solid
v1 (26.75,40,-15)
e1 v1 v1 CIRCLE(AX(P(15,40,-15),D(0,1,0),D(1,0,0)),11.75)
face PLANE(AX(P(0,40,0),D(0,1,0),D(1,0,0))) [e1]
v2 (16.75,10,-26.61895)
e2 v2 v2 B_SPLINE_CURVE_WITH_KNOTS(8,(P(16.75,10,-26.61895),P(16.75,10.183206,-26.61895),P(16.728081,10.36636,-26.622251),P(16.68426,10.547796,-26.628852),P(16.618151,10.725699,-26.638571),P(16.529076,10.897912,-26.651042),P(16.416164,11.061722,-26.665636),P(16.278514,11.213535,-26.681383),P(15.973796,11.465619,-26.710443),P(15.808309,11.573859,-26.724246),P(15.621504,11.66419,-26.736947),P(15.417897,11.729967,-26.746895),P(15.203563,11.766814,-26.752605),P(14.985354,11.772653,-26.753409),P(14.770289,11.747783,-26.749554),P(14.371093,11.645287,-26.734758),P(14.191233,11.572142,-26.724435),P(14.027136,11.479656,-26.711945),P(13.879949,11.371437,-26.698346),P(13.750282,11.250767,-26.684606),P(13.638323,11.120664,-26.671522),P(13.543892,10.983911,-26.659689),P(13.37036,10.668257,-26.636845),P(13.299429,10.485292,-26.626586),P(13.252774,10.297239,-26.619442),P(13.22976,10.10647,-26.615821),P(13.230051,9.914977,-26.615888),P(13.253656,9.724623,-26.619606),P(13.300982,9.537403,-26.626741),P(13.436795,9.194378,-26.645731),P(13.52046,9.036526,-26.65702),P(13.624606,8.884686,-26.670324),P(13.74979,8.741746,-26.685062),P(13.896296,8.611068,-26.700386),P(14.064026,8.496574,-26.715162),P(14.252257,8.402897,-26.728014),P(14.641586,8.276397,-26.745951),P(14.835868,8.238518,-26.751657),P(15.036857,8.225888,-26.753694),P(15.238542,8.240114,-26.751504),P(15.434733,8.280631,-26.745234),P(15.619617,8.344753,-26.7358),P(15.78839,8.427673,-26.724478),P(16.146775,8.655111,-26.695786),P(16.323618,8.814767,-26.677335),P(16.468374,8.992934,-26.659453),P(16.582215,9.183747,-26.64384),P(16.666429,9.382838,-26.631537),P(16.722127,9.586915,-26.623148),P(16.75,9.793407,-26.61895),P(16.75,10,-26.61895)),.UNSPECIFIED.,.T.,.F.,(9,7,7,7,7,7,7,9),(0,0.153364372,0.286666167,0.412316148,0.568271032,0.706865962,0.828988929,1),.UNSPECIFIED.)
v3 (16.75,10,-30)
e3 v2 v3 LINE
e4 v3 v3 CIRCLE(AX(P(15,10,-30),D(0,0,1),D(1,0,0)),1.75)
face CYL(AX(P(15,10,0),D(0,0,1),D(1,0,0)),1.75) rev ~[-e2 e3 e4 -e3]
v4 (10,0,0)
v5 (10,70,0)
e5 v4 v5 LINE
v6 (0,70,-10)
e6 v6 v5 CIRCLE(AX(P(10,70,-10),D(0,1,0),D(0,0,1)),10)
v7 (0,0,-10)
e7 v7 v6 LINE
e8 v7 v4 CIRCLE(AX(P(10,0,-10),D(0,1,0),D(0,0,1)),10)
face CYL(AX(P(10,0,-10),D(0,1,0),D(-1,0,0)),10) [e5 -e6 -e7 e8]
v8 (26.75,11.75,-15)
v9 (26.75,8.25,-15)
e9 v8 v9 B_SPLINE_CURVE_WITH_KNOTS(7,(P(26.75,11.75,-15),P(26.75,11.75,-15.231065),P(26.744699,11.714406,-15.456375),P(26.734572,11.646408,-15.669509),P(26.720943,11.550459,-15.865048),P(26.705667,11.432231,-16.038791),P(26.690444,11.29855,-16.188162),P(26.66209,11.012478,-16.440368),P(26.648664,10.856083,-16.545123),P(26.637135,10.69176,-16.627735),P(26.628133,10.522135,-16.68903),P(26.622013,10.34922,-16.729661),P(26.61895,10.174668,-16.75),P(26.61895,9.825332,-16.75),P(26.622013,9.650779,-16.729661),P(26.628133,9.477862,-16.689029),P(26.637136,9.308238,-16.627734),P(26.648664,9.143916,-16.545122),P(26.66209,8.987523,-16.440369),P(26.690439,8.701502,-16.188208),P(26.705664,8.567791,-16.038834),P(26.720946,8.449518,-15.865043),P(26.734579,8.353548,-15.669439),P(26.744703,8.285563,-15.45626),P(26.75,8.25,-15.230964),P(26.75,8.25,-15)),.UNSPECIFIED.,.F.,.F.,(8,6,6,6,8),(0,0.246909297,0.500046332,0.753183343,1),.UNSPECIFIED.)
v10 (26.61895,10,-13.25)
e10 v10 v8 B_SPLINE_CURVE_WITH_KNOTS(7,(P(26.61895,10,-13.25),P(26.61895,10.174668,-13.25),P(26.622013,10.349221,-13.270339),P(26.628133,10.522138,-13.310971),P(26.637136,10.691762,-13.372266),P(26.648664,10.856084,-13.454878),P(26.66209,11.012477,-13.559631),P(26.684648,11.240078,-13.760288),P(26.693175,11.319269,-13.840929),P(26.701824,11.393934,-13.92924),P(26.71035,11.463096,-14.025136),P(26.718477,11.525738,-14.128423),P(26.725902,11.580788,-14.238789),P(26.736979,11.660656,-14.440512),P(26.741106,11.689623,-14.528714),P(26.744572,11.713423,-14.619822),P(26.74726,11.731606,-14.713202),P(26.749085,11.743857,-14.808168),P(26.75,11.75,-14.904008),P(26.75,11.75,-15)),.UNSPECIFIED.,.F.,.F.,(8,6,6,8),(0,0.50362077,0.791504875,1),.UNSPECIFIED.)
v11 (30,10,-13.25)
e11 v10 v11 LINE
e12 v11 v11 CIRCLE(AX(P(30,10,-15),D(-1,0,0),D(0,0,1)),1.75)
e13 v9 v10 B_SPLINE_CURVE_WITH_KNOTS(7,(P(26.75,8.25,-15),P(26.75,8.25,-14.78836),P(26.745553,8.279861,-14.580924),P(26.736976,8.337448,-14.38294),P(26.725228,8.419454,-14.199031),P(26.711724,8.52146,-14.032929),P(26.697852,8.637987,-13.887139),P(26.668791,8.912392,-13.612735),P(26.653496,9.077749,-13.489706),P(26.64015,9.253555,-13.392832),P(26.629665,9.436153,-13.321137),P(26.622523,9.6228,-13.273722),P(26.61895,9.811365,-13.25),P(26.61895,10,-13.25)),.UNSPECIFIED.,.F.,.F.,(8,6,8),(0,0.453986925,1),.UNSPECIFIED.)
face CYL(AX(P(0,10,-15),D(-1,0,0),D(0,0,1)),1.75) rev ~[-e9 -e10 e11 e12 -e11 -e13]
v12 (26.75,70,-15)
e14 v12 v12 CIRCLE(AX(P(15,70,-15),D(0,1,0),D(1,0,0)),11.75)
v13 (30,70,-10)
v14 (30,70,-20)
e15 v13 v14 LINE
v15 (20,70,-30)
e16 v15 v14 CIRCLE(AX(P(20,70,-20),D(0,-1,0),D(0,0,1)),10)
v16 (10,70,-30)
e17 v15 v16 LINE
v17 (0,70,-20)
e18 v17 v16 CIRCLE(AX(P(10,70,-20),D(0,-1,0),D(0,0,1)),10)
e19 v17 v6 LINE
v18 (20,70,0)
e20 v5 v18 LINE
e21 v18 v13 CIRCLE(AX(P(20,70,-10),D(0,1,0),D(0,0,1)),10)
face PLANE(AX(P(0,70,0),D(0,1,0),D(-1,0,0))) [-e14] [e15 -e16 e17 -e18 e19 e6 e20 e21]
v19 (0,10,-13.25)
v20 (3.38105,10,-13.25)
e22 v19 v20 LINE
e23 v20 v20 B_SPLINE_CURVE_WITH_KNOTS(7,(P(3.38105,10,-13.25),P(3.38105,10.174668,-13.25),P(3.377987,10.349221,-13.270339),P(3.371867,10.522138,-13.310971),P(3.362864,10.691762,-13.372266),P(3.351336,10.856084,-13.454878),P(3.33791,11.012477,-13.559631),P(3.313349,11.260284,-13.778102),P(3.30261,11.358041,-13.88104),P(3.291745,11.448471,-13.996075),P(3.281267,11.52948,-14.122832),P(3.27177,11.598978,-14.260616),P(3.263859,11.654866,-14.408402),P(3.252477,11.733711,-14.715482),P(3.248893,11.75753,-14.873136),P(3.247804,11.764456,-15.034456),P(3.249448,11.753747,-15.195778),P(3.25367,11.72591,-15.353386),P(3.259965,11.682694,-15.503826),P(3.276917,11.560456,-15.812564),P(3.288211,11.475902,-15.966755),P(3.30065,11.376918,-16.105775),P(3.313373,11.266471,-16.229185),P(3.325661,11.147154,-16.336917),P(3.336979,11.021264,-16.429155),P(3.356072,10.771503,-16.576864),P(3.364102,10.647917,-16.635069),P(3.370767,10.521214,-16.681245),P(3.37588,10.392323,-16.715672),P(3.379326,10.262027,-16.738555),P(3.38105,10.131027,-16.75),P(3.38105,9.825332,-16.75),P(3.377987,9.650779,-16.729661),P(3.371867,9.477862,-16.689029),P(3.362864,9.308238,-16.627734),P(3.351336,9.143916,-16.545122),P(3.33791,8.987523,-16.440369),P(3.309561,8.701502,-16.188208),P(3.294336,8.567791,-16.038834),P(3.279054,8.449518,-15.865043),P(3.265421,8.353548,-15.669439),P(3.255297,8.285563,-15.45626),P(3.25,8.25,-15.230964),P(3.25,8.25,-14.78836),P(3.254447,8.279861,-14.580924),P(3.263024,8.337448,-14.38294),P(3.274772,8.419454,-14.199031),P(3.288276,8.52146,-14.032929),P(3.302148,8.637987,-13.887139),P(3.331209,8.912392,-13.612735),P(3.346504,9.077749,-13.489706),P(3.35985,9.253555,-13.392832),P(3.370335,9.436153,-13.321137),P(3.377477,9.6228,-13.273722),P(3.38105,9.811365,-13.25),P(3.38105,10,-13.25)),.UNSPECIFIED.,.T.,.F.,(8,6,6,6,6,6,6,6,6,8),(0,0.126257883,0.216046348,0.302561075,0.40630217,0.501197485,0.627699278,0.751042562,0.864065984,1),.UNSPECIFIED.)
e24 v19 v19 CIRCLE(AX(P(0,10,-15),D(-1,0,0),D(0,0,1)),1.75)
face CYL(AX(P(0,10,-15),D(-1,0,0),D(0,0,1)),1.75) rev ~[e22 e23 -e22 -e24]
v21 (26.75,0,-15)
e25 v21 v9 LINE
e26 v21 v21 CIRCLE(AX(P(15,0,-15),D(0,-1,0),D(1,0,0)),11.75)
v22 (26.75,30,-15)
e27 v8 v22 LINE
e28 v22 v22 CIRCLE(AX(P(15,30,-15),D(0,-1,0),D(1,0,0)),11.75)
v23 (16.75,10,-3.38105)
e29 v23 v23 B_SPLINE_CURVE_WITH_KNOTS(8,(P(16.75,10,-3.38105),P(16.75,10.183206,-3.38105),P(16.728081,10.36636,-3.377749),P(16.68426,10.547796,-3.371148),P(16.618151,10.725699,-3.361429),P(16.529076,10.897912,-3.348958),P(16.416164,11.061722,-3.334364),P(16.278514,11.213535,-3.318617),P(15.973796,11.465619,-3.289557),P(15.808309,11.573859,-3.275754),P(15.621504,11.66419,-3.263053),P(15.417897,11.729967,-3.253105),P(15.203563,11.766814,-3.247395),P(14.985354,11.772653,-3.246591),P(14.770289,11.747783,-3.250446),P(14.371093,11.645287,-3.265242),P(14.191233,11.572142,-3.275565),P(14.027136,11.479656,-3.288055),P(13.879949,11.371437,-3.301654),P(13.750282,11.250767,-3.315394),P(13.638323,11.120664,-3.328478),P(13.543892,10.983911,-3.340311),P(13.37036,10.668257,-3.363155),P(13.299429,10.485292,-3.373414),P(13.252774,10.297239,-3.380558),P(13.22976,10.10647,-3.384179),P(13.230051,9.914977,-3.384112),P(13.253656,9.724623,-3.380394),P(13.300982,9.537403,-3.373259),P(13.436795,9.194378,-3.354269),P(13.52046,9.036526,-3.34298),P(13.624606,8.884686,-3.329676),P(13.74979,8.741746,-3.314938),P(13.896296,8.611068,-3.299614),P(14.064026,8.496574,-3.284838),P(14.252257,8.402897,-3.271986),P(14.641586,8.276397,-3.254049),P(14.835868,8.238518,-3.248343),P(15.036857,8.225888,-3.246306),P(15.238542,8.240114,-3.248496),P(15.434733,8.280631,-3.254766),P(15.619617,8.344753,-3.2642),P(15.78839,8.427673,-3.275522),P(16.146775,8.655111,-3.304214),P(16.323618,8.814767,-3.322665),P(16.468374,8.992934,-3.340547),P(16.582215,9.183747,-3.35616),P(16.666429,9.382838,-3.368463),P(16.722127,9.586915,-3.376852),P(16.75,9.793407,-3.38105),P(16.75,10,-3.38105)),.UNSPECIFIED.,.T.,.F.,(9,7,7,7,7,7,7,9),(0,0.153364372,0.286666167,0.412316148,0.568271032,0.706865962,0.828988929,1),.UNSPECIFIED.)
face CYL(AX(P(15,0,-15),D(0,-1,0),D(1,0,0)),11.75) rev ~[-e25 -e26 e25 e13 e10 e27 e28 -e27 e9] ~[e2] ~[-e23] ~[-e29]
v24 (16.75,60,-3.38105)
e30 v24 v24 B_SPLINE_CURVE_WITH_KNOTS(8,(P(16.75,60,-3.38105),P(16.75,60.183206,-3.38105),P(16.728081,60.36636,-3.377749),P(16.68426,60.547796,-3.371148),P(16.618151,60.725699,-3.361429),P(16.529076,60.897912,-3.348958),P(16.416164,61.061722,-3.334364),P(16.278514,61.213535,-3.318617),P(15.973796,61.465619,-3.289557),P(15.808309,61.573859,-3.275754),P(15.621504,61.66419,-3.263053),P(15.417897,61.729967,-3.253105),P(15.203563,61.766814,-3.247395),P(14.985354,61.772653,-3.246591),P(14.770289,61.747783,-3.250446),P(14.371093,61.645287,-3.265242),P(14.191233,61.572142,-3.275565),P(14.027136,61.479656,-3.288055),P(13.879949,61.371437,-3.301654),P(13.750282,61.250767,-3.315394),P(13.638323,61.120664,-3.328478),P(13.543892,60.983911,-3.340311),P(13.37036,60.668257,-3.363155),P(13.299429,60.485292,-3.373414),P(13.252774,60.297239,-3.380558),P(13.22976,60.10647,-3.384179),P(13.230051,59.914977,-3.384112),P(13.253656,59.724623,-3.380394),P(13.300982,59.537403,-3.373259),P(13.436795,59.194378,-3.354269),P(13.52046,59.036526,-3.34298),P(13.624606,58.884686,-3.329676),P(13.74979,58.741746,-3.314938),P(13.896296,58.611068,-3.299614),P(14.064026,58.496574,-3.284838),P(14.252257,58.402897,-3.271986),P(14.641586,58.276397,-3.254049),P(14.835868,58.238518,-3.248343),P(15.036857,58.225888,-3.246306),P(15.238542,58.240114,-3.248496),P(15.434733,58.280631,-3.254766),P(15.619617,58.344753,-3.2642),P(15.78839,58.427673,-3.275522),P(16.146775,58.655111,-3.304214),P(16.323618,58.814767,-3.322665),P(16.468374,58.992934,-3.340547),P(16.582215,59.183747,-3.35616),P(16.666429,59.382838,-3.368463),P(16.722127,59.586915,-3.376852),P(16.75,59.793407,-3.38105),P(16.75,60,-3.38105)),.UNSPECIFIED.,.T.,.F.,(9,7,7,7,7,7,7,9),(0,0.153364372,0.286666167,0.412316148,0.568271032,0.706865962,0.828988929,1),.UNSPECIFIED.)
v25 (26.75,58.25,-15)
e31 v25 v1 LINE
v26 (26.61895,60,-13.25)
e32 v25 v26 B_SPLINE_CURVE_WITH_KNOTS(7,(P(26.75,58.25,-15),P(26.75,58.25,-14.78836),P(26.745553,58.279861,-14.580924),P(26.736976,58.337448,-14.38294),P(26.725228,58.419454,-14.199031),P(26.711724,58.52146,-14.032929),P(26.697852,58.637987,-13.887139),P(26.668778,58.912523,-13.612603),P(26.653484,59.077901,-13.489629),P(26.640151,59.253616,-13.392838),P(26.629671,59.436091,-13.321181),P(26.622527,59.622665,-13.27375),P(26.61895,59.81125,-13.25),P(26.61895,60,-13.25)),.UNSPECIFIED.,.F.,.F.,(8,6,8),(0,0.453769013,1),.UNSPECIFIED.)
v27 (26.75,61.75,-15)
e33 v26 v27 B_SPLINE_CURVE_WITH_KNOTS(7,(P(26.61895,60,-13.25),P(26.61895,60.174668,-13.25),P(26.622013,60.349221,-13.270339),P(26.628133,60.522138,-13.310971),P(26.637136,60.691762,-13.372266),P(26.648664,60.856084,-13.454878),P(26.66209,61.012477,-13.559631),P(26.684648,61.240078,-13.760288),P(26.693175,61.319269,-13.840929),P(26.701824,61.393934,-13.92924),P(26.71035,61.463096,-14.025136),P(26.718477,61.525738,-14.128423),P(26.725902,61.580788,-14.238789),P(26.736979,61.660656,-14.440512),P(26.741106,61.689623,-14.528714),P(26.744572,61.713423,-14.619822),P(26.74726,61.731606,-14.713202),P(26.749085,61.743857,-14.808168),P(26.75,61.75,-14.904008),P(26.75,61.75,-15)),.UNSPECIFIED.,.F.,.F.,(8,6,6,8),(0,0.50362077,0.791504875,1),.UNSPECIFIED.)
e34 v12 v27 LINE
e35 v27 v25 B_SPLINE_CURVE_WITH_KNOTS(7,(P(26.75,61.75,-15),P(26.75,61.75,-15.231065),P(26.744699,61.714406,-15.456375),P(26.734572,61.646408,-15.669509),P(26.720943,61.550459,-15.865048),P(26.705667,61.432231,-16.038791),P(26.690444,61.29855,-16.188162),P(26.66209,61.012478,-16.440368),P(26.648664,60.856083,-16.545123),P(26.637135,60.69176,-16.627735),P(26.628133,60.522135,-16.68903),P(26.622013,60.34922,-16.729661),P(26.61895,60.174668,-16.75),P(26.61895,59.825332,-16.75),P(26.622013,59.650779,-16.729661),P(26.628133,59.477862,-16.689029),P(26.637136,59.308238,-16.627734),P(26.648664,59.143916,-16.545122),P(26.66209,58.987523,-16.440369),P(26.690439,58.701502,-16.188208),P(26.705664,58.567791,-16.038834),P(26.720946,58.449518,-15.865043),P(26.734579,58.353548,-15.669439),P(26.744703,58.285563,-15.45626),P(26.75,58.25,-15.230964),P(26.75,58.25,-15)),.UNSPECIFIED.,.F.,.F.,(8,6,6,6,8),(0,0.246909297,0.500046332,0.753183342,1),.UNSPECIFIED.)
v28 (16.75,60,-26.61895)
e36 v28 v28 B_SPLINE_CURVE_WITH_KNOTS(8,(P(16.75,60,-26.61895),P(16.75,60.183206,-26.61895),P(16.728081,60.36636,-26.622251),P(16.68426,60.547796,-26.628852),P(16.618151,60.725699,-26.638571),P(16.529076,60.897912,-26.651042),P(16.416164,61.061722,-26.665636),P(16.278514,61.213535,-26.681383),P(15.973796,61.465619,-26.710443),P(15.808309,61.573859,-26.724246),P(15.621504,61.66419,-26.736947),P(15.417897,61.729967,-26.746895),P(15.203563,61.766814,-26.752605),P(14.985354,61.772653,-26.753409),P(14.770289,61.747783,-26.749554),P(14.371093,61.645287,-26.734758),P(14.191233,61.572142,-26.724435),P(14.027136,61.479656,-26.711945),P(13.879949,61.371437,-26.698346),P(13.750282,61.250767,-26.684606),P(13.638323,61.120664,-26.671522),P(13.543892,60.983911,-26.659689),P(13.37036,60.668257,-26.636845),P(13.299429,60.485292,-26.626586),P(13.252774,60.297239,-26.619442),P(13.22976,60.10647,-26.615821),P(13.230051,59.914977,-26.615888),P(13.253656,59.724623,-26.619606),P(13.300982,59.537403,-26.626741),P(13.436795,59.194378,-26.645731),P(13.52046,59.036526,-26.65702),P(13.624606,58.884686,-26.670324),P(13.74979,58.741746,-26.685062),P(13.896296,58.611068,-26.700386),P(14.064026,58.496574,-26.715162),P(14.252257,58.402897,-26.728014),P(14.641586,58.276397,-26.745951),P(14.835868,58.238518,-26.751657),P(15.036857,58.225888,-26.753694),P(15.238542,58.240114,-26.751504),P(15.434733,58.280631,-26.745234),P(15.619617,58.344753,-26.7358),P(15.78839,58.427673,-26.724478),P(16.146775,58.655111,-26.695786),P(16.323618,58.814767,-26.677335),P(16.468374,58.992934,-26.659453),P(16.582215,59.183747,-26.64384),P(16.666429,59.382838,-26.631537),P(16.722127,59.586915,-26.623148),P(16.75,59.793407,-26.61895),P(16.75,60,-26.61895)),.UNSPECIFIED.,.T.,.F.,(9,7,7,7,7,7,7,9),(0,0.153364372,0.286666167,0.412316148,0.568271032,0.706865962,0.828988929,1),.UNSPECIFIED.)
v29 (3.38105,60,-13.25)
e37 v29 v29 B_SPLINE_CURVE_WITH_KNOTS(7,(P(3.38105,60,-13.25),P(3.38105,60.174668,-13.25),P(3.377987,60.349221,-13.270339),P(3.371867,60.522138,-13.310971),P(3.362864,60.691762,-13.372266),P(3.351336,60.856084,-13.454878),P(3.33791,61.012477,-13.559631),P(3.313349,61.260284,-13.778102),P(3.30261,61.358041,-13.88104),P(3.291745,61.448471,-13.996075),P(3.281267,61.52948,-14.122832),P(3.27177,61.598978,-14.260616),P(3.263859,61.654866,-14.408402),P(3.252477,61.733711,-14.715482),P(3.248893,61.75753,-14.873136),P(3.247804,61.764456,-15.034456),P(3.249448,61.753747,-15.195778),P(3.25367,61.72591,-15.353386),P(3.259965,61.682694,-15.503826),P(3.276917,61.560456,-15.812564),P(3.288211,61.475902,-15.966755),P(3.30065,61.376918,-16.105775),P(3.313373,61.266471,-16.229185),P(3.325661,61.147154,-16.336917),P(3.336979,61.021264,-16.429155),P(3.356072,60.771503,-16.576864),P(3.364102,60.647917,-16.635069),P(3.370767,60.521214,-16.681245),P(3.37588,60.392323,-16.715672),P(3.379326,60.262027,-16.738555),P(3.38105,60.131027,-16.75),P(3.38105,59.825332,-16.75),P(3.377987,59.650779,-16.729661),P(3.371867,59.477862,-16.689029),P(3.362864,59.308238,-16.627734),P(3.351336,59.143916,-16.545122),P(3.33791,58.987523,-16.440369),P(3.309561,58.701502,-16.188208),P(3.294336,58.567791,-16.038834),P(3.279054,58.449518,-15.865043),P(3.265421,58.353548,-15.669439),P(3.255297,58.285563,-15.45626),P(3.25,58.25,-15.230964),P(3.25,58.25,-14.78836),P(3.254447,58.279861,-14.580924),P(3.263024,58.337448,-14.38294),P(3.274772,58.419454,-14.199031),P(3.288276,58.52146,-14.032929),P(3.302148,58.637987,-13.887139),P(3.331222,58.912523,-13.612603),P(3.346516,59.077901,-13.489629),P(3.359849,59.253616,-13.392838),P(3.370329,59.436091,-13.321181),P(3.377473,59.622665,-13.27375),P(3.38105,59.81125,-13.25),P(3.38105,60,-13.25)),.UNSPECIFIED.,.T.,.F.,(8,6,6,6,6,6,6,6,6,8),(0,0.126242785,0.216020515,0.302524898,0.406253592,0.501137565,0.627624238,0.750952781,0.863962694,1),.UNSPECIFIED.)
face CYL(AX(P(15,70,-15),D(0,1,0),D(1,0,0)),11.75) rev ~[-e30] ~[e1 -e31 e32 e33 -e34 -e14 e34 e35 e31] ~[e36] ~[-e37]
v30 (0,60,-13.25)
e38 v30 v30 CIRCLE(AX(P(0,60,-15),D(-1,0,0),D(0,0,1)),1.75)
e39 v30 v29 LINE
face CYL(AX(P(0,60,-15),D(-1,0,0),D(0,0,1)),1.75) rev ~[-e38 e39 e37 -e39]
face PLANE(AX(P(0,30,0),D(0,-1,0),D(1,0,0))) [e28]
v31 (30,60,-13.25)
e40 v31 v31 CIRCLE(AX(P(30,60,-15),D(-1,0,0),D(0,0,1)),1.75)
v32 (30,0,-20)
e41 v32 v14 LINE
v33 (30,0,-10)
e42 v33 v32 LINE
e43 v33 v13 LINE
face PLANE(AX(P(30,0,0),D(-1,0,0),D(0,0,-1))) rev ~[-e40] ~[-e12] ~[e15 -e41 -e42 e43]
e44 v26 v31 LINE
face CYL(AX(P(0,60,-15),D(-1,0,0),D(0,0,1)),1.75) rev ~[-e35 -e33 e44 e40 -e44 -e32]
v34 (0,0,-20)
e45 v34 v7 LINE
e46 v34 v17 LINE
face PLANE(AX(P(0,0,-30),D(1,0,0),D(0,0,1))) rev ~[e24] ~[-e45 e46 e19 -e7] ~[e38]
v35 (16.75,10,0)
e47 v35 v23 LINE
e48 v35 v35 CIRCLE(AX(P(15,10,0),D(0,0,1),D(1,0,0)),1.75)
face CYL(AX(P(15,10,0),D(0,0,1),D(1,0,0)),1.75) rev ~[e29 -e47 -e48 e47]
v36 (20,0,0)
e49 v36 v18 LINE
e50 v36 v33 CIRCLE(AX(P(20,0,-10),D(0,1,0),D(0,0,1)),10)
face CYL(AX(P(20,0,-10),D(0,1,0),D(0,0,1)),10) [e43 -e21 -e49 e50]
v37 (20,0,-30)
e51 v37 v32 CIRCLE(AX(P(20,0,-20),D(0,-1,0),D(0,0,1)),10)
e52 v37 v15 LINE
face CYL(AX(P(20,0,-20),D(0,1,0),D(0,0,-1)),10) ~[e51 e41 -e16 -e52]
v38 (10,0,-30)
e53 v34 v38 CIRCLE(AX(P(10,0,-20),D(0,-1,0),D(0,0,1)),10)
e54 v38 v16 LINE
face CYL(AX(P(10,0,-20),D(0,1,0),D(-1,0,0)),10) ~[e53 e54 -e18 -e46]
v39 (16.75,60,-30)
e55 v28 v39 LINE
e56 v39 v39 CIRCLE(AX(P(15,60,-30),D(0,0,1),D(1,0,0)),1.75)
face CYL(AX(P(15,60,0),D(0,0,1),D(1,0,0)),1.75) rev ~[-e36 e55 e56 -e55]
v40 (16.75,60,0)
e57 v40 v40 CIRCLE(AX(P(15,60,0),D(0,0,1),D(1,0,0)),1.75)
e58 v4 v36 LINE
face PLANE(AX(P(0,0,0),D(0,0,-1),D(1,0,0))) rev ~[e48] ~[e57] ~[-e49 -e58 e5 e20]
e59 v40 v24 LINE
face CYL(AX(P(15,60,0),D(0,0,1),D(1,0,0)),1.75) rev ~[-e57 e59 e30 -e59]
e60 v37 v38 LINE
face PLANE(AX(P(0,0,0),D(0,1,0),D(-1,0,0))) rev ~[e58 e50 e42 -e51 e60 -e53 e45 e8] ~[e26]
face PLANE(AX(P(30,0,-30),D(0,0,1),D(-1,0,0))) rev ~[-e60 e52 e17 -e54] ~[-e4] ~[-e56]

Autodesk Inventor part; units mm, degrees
ref_plane "YZ Plane" through (0, 0, 0) normal (1, 0, 0) x (0, 1, 0)
ref_plane "XZ Plane" through (0, 0, 0) normal (0, 1, 0) x (-1, 0, 0)
ref_plane "XY Plane" through (0, 0, 0) normal (0, 0, 1) x (1, 0, 0)
sketch "Sketch1" plane through (0, 0, 0) normal (0, 1, 0) x (-1, 0, 0)
  line L0 (0, 0) -> (-30, 0)
  line L1 (-30, 0) -> (-30, -30)
  line L2 (-30, -30) -> (0, -30)
  line L3 (0, -30) -> (0, 0)
  dimension "d0" = 30
  dimension "d1" = 30
extrude "Extrusion1" add sketch "Sketch1" along normal blind 70
sketch "Sketch2" plane through (0, 70, 0) normal (0, 1, 0) x (1, 0, 0)
  line L0 (0, 30) -> (0, 0) construction
  line L1 (0, 0) -> (30, 0) construction
  line L2 (0, 30) -> (30, 0) construction
  circle A0 centre (15, 15) radius 11.75
  dimension "d4" = 23.5
extrude "Extrusion2" cut sketch "Sketch2" against normal blind 30
sketch "Sketch3" plane through (0, 0, 0) normal (0, -1, 0) x (1, 0, 0)
  line L0 (30, -30) -> (0, -30) construction
  line L1 (30, -30) -> (0, 0) construction
  circle A0 centre (15, -15) radius 11.75
  dimension "d7" = 23.5
extrude "Extrusion3" cut sketch "Sketch3" against normal blind 30
sketch "Sketch4" plane through (0, 0, 0) normal (0, 0, 1) x (1, 0, 0)
  circle A0 centre (15, 60) radius 1.75
  line L0 (0, 70) -> (30, 70) projected
  circle A1 centre (15, 10) radius 1.75
  line L1 (0, 0) -> (30, 0) projected
  dimension "d10" = 3.5
  dimension "d11" = 10
  dimension "d12" = 3.5
  dimension "d13" = 10
extrude "Extrusion4" cut sketch "Sketch4" against normal blind 32
sketch "Sketch5" plane through (0, 0, -30) normal (-1, 0, 0) x (0, 0, 1)
  circle A0 centre (15, 60) radius 1.75
  circle A1 centre (15, 10) radius 1.75
  line L0 (0, 70) -> (30, 70) projected
  line L1 (0, 0) -> (30, 0) projected
  dimension "d16" = 3.5
  dimension "d17" = 3.5
  dimension "d18" = 10
  dimension "d19" = 10
extrude "Extrusion5" cut sketch "Sketch5" against normal blind 32
fillet "Fillet1" radius 10 4 edges at (30, 35, 0) (30, 35, -30) (0, 35, -30) (0, 35, 0)
properties part number "Rod_Joint_v2"
